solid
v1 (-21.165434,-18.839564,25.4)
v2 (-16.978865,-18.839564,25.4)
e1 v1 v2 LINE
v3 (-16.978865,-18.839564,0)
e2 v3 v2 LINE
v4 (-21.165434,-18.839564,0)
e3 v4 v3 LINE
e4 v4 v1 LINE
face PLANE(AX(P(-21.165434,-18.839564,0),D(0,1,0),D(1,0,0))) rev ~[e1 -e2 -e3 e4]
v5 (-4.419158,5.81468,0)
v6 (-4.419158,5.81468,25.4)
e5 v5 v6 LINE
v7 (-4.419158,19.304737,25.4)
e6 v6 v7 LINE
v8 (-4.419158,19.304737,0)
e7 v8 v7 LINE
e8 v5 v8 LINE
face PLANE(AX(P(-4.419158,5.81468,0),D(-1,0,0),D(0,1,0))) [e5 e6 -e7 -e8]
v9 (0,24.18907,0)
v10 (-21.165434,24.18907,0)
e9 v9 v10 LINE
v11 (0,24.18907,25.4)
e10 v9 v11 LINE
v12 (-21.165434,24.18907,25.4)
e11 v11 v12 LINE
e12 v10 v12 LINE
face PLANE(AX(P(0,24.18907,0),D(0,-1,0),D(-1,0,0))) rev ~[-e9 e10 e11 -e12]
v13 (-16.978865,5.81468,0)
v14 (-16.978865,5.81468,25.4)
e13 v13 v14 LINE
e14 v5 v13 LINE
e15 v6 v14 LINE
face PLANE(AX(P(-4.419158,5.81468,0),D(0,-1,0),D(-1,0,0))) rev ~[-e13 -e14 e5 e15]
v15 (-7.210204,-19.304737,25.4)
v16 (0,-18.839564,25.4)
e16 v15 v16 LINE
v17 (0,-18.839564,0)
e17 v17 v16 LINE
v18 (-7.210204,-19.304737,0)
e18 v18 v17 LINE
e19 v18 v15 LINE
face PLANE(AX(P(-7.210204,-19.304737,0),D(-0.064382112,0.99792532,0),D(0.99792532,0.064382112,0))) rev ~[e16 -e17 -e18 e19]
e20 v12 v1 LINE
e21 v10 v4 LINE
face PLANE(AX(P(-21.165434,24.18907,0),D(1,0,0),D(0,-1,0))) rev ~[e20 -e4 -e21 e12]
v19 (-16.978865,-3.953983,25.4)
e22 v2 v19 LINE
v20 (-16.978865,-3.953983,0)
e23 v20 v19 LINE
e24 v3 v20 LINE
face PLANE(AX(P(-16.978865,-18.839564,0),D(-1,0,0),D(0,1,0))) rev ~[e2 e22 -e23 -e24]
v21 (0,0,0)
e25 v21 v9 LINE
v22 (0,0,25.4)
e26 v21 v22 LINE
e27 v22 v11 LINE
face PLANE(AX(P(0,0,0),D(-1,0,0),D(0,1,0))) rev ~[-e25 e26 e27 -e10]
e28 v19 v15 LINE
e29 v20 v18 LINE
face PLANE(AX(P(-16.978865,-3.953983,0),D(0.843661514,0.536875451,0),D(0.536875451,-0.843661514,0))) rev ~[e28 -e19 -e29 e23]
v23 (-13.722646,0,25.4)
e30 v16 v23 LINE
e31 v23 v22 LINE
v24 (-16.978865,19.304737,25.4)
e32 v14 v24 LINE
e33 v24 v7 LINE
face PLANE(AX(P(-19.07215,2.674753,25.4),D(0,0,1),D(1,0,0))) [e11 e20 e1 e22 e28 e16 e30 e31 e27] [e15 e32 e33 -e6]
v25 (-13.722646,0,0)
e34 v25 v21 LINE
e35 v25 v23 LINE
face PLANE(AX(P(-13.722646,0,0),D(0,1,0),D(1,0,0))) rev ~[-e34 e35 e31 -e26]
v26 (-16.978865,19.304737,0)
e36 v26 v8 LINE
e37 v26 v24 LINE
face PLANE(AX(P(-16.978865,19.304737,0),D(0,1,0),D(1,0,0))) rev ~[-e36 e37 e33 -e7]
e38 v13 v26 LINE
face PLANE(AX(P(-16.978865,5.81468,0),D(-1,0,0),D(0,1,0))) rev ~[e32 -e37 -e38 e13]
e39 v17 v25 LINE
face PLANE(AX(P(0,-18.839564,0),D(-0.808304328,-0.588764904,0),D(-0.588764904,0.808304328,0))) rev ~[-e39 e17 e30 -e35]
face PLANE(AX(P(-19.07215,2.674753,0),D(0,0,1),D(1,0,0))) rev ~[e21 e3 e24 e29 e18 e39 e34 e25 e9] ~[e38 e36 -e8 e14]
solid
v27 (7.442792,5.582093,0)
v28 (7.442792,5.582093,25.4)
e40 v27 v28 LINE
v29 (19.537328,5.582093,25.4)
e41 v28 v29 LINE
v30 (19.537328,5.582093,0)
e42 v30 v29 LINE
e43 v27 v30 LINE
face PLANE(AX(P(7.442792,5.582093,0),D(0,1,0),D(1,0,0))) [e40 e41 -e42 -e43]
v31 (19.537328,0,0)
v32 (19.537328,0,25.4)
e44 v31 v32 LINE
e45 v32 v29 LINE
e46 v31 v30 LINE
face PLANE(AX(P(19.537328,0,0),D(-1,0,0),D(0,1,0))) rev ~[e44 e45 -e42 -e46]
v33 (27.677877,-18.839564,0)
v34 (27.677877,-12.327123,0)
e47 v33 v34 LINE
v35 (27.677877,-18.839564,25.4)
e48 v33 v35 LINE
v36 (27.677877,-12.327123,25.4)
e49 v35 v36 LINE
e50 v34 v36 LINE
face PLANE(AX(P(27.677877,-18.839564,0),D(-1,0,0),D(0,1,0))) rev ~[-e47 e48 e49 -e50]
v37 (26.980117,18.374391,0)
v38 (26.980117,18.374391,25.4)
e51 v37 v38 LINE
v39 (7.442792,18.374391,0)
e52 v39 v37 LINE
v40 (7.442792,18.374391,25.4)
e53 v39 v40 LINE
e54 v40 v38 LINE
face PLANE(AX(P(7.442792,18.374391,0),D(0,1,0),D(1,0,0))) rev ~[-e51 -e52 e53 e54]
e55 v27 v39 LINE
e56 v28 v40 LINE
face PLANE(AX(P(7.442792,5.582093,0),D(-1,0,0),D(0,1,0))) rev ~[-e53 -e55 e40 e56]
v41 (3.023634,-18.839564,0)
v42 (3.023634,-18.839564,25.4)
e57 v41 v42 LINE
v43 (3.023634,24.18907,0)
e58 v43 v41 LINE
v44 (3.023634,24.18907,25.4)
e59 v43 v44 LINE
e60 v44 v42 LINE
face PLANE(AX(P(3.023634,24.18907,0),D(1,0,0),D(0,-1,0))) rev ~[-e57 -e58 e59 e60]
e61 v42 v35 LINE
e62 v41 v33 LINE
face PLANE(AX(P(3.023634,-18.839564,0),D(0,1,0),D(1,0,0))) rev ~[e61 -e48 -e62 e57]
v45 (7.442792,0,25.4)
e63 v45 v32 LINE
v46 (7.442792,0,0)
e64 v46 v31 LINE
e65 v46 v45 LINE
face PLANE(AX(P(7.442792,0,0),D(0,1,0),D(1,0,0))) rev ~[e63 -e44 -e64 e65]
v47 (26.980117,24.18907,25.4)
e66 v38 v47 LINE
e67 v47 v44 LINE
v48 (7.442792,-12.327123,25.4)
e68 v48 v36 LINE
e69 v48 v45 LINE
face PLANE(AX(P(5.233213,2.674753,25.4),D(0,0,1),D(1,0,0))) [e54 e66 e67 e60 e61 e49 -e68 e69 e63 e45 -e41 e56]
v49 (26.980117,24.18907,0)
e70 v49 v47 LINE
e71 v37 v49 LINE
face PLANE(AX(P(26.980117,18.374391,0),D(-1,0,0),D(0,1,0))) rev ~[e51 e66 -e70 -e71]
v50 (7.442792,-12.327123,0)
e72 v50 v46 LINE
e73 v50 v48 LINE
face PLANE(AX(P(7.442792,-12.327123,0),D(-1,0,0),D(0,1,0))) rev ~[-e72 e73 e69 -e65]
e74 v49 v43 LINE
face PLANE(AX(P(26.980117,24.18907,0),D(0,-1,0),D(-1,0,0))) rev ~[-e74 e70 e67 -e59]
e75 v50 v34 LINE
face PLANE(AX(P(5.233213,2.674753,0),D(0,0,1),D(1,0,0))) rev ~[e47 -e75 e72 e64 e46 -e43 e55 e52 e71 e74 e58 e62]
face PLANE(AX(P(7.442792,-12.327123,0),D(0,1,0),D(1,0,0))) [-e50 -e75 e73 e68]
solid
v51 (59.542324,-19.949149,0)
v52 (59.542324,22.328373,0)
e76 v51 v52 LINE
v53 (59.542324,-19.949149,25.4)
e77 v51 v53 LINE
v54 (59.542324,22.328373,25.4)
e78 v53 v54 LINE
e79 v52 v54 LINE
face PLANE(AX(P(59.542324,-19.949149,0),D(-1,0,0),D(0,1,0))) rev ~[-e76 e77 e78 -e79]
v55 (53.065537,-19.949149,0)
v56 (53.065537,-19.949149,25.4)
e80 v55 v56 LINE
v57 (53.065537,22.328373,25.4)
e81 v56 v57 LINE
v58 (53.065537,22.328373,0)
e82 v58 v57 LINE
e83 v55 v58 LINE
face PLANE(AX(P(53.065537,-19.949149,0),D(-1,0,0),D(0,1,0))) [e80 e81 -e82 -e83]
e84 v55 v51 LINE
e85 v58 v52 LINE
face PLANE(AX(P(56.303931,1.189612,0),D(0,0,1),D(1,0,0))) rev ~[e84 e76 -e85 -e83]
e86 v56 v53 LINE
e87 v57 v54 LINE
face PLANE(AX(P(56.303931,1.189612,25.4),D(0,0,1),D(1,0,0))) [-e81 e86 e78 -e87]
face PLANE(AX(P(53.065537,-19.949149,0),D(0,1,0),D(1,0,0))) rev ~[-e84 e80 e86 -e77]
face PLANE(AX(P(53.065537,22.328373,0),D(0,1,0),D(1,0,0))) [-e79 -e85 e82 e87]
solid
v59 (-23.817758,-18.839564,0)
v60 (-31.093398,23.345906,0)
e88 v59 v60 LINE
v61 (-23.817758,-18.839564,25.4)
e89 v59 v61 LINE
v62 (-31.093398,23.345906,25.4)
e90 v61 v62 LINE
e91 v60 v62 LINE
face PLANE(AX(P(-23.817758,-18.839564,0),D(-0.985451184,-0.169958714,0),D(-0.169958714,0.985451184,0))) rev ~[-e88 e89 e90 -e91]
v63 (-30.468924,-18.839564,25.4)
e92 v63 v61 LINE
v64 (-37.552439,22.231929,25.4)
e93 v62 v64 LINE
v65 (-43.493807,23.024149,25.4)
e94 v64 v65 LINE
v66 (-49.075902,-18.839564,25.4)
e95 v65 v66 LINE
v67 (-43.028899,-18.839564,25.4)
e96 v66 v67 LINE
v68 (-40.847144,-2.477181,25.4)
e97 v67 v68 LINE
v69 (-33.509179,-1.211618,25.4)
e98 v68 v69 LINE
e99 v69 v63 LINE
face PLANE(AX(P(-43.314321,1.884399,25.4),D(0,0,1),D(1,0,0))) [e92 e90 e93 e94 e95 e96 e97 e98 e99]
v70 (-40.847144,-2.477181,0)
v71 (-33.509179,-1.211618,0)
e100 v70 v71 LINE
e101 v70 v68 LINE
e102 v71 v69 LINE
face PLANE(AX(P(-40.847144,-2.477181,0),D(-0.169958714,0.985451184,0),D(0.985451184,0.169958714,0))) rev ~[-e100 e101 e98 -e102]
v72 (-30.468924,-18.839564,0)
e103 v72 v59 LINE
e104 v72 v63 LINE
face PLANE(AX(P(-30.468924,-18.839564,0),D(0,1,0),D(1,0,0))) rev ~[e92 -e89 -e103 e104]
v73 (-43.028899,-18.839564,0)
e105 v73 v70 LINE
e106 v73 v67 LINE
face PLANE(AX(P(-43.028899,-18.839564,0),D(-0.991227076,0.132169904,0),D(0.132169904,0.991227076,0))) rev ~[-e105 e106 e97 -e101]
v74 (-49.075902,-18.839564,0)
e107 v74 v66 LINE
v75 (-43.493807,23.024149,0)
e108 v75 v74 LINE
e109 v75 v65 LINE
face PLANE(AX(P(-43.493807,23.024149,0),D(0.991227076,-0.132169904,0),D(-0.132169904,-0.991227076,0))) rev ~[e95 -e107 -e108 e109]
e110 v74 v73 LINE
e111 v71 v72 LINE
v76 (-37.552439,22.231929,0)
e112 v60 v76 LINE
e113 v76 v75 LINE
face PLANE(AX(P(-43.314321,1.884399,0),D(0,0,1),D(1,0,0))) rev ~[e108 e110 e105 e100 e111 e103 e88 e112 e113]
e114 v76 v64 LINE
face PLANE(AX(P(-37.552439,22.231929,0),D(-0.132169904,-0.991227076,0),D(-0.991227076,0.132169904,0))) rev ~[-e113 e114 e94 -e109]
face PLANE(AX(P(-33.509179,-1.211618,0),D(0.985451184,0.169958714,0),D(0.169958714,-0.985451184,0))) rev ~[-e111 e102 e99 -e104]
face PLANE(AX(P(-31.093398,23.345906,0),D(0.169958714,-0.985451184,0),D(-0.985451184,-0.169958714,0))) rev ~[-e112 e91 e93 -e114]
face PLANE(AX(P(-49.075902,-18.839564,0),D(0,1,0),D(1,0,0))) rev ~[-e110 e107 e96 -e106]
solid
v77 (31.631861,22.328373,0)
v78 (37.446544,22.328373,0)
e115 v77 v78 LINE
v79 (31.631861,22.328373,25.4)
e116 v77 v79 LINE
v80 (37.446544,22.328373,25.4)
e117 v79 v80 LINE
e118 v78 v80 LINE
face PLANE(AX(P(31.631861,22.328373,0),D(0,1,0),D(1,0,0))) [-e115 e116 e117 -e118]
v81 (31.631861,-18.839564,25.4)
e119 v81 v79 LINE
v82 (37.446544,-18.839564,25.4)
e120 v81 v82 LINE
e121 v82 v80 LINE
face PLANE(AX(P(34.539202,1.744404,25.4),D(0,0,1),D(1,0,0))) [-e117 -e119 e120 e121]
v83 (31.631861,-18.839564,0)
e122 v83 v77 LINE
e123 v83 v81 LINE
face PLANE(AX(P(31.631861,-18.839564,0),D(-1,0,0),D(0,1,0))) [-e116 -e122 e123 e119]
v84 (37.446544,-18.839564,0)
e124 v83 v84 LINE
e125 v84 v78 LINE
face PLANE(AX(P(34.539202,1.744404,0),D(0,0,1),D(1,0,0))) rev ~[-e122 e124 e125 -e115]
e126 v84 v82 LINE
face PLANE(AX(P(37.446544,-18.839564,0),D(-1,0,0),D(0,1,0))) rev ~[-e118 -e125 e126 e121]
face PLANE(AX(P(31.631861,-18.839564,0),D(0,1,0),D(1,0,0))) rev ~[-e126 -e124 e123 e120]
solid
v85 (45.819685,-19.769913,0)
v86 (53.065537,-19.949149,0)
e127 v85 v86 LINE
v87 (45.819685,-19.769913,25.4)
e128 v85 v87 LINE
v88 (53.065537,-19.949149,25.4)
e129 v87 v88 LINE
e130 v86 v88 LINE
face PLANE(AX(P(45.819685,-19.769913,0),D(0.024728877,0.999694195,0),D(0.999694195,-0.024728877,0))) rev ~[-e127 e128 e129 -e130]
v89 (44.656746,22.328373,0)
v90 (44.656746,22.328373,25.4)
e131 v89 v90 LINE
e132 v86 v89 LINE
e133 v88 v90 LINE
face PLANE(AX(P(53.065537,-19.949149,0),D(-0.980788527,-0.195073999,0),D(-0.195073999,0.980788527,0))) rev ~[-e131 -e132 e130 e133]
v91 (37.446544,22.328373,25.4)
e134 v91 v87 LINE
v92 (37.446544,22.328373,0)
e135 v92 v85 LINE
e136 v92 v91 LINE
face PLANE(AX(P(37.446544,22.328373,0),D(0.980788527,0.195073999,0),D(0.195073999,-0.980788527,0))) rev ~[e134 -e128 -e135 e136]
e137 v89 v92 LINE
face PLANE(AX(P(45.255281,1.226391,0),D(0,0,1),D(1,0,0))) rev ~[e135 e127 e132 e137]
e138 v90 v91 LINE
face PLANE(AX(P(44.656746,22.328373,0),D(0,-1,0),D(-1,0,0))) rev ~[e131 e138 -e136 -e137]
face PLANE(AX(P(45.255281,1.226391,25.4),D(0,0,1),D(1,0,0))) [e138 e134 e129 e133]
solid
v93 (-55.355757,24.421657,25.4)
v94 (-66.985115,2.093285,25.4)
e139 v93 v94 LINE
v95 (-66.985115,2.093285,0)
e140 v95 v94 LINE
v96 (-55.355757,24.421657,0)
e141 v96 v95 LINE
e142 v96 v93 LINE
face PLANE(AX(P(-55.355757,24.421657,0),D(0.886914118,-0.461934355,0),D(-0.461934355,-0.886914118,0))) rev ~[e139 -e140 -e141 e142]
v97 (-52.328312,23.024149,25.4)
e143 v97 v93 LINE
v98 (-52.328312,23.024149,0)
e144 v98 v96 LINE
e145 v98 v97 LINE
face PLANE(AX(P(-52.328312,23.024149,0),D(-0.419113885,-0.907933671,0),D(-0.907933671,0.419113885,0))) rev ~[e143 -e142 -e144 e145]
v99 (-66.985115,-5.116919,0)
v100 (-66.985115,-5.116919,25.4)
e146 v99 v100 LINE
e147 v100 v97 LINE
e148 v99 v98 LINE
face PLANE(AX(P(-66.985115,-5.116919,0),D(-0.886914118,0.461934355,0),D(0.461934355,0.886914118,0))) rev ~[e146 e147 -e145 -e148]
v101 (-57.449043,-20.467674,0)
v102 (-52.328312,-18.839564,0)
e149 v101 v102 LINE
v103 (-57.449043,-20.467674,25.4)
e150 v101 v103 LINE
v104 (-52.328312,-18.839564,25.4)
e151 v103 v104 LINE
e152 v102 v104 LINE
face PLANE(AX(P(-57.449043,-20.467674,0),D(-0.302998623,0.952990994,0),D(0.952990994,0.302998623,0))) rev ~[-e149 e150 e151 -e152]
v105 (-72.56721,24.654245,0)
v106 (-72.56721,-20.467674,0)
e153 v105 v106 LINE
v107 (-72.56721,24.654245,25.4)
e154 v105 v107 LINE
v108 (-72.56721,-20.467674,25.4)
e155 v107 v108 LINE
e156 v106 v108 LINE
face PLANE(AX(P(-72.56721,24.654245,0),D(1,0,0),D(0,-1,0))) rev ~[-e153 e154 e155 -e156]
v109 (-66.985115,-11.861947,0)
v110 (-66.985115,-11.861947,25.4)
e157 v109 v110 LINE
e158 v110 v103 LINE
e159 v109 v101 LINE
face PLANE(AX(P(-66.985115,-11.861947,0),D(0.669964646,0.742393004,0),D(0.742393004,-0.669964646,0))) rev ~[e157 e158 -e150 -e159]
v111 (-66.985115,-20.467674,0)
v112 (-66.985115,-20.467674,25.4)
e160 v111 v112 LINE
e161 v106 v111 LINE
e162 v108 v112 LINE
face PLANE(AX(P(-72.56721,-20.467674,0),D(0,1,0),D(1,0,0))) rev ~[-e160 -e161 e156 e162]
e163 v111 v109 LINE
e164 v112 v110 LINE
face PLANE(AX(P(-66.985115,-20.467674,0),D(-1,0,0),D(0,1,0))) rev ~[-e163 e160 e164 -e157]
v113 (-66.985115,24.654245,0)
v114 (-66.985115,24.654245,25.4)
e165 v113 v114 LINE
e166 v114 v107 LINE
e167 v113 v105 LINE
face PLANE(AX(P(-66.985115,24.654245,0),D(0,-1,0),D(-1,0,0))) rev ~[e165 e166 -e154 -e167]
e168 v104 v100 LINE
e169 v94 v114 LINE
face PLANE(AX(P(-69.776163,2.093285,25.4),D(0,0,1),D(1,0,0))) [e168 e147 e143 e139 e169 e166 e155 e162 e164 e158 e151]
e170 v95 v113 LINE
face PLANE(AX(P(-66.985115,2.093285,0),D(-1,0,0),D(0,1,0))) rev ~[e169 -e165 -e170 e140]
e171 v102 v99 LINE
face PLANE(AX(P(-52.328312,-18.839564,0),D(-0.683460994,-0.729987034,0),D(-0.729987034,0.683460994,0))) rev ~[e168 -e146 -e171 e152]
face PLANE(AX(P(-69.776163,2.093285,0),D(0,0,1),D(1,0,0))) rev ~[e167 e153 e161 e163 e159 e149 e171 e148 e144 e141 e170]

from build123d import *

# Parameters (mm, degrees)
F1_DEPTH = 25.4
F0_W     = 4.4191577472
F0_H     = 13.4900575504
F0_W_2   = 19.5373245515
F0_H_2   = 5.814678967
F0_W_3   = 20.2350844629
F0_H_3   = 6.5124416724
F0_W_4   = 12.0945353992
F0_H_4   = 5.5820932612
F0_W_5   = 6.4767877425
F0_H_5   = 42.2775222197
F0_W_6   = 5.8146826923
F0_H_6   = 41.1679372191


with BuildPart() as f1:
    # F0 (on Top) → F1 (new body)
    with BuildSketch(Plane.XY):
        Polygon((-66.9851154089, 24.6542450041), (-72.5672096014, 24.6542450041), (-72.5672096014, -20.4676743597), (-66.9851154089, -20.4676743597), (-66.9851154089, -11.8619473651), (-66.9851154089, -5.1169185899), (-66.9851154089, 2.0932853222), align=None)
        Polygon((-55.3557574749, 24.4216565043), (-66.9851154089, 2.0932853222), (-66.9851154089, -5.1169185899), (-52.3283121177, 23.0241487059), align=None)
        Polygon((-52.3283121177, -18.8395641744), (-66.9851154089, -5.1169185899), (-66.9851154089, -11.8619473651), (-57.4490427971, -20.4676743597), align=None)
    extrude(amount=F1_DEPTH)


with BuildPart() as f1b:
    # F0 (on Top) → F1, piece 2 (new body)
    with BuildSketch(Plane.XY):
        Polygon((-43.4938073158, 23.0241487059), (-49.0759015083, -18.8395641744), (-43.0288986208, -18.8395641744), (-40.847143666, -2.4771811952), (-40.290668719, 1.6961821705), (-37.5524388172, 22.2319285154), align=None)
        Polygon((-34.1920848854, 2.7479922289), (-37.5524388172, 22.2319285154), (-40.290668719, 1.6961821705), align=None)
        Polygon((-31.0933983727, 23.3459057752), (-37.5524388172, 22.2319285154), (-34.1920848854, 2.7479922289), (-33.5091791969, -1.2116177386), (-30.4689239711, -18.8395641744), (-23.8177581876, -18.8395641744), align=None)
        Polygon((-40.290668719, 1.6961821705), (-40.847143666, -2.4771811952), (-33.5091791969, -1.2116177386), (-34.1920848854, 2.7479922289), align=None)
    extrude(amount=F1_DEPTH)


with BuildPart() as f1c:
    # F0 (on Top) → F1, piece 3 (new body)
    with BuildSketch(Plane.XY):
        Polygon((-21.1654342711, 24.1890698671), (-21.1654342711, -18.8395641744), (-16.9788654894, -18.8395641744), (-16.9788654894, -3.9539826103), (-16.9788654894, 0), (-16.9788654894, 5.8146798983), (-16.9788654894, 19.3047374487), (-16.9788654894, 24.1890698671), align=None)
        Polygon((-16.9788654894, 0), (-16.9788654894, -3.9539826103), (-7.2102043778, -19.3047374487), (0, -18.8395641744), (-13.7226460502, 0), align=None)
        Polygon((0, 24.1890698671), (-16.9788654894, 24.1890698671), (-16.9788654894, 19.3047374487), (-4.4191577472, 19.3047374487), (0, 19.3047374487), align=None)
        Polygon((-16.9788654894, 5.8146798983), (-16.9788654894, 0), (-13.7226460502, 0), (0, 0), (0, 5.8146798983), (-4.4191577472, 5.8146798983), align=None)
        with Locations((-2.2095788736, 12.5597086735)):
            Rectangle(F0_W, F0_H)
    extrude(amount=F1_DEPTH)


with BuildPart() as f1d:
    # F0 (on Top) → F1, piece 4 (new body)
    with BuildSketch(Plane.XY):
        Polygon((7.4427924119, 24.1890698671), (3.0236341991, 24.1890698671), (3.0236341991, -18.8395641744), (7.4427924119, -18.8395641744), (7.4427924119, -12.327122502), (7.4427924119, 0), (7.4427924119, 5.5820932612), (7.4427924119, 18.3743909001), align=None)
        with Locations((17.2114546876, 21.2817303836)):
            Rectangle(F0_W_2, F0_H_2)
        with Locations((17.5603346433, -15.5833433382)):
            Rectangle(F0_W_3, F0_H_3)
        with Locations((13.4900601115, 2.7910466306)):
            Rectangle(F0_W_4, F0_H_4)
    extrude(amount=F1_DEPTH)


with BuildPart() as f1e:
    # F0 (on Top) → F1, piece 5 (new body)
    with BuildSketch(Plane.XY):
        with Locations((56.3039305227, 1.1896119349)):
            Rectangle(F0_W_5, F0_H_5)
    extrude(amount=F1_DEPTH)


with BuildPart() as f1f:
    # F0 (on Top) → F1, piece 6 (new body)
    with BuildSketch(Plane.XY):
        Polygon((44.6567460895, 22.3283730447), (37.4465435743, 22.3283730447), (45.8196848631, -19.7699125856), (53.0655366514, -19.949149175), align=None)
    extrude(amount=F1_DEPTH)


with BuildPart() as f1g:
    # F0 (on Top) → F1, piece 7 (new body)
    with BuildSketch(Plane.XY):
        with Locations((34.5392022282, 1.7444044352)):
            Rectangle(F0_W_6, F0_H_6)
    extrude(amount=F1_DEPTH)


solid = Compound([f1.part, f1b.part, f1c.part, f1d.part, f1e.part, f1f.part, f1g.part])
